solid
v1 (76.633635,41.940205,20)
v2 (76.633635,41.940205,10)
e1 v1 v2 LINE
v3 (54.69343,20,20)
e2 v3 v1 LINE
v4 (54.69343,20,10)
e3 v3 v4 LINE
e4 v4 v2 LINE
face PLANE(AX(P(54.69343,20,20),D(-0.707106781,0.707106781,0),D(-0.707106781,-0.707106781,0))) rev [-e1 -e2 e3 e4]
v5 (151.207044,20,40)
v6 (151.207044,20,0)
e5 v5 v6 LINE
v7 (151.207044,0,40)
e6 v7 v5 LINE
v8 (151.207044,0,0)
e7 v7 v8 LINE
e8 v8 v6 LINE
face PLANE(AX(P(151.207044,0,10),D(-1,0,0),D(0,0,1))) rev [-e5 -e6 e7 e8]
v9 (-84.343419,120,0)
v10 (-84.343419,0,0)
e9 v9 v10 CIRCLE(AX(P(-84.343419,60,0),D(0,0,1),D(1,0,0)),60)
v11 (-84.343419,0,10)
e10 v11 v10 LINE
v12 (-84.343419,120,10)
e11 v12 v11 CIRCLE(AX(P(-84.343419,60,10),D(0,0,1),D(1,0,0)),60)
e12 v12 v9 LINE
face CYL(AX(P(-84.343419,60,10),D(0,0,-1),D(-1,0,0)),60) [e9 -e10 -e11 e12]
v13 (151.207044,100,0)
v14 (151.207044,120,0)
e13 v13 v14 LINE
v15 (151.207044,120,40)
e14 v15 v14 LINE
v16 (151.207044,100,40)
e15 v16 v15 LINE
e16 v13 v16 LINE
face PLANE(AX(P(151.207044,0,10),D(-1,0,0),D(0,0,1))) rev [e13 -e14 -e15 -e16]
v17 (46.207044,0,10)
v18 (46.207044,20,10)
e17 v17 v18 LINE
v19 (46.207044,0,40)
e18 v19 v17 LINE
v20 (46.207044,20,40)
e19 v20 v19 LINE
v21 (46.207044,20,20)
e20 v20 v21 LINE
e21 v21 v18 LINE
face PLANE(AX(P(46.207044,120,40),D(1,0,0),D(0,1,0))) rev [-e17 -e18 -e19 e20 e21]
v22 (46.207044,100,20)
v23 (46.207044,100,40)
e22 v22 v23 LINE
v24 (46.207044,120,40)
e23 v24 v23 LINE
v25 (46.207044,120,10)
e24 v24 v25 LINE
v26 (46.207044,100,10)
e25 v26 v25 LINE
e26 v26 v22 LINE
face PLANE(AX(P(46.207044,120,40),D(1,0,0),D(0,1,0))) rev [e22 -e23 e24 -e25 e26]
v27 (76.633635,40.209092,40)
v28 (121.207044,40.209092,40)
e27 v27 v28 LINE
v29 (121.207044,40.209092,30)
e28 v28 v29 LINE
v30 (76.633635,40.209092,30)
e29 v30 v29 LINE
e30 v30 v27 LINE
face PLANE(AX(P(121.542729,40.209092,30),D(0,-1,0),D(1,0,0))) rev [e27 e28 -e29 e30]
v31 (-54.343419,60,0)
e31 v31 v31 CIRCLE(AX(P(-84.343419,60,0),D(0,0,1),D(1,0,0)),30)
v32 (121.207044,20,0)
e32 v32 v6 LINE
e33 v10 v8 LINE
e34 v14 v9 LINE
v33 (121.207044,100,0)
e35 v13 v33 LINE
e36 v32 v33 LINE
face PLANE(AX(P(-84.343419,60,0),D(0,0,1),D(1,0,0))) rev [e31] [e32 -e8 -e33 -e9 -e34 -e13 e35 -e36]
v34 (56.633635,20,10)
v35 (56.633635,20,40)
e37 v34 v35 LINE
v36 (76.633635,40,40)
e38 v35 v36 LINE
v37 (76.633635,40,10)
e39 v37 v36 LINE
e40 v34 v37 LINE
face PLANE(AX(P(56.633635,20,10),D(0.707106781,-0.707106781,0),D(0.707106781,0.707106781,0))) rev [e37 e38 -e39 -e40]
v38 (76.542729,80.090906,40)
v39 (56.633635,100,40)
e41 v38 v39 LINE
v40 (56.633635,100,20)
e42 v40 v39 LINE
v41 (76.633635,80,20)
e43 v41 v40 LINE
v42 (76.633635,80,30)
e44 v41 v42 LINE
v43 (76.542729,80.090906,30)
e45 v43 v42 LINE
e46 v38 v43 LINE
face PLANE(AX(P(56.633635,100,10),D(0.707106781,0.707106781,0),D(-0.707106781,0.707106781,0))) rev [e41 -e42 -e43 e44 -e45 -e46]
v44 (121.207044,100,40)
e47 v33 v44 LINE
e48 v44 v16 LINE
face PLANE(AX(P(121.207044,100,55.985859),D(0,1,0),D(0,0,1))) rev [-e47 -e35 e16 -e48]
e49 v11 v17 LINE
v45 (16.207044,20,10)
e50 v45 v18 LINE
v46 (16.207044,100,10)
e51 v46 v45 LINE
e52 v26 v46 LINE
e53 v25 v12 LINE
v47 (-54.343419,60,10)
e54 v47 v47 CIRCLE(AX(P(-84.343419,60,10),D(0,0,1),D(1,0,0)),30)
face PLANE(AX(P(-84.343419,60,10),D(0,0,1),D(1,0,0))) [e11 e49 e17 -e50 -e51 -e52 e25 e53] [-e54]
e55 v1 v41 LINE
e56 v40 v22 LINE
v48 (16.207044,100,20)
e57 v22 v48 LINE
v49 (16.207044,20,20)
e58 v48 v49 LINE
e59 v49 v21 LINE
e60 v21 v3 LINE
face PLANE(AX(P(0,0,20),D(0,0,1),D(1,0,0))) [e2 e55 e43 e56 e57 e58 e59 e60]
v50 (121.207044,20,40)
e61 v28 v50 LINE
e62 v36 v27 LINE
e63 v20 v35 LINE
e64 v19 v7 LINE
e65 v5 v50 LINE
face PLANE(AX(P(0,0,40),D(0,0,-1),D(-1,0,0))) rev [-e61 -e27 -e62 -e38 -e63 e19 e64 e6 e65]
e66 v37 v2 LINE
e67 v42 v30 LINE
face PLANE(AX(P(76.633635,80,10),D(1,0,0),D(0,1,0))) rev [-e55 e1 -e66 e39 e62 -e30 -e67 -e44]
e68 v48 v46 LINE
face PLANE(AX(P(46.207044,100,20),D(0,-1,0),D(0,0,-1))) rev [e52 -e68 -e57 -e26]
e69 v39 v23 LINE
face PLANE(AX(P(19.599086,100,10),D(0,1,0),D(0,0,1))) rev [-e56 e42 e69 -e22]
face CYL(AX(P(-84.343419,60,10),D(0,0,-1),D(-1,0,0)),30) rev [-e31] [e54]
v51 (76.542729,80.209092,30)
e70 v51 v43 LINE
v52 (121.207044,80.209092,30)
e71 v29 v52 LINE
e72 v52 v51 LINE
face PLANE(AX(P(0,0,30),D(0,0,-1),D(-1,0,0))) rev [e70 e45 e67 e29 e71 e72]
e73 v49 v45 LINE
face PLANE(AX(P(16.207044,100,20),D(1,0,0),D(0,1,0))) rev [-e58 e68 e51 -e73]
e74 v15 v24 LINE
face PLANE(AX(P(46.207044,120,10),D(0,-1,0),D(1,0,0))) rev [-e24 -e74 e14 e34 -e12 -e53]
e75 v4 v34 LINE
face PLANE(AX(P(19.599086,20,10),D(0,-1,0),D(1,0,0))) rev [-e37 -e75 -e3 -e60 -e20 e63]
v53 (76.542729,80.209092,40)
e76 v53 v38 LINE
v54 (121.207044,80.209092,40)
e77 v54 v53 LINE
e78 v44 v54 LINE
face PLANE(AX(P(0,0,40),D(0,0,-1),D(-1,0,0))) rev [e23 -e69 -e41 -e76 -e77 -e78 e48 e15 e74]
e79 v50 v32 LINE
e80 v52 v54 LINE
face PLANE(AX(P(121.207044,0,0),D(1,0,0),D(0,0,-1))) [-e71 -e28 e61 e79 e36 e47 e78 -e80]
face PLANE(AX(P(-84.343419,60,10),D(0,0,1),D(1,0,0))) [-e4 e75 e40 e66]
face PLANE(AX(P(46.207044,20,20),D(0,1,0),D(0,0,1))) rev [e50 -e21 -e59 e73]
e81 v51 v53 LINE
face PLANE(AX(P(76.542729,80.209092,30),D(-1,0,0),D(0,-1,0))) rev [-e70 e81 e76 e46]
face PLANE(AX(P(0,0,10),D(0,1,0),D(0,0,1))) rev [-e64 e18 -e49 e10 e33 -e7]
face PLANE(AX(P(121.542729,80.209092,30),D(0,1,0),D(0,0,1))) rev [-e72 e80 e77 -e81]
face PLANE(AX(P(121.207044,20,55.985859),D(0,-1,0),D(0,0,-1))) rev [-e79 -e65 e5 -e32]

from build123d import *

# Parameters (mm, degrees)
SKETCH2_R           = 30
BOSS_EXTRUDE2_DEPTH = 10
SKETCH4_W           = 39.74410588
SKETCH4_H           = 80
CUT_EXTRUDE1_DEPTH  = 30
SKETCH5_W           = 105
SKETCH5_H           = 120
BOSS_EXTRUDE3_DEPTH = 40
SKETCH6_W           = 78.106224714
SKETCH6_H           = 80
CUT_EXTRUDE2_DEPTH  = 30
SKETCH7_W           = 45
SKETCH7_H           = 40
CUT_EXTRUDE3_DEPTH  = 10
CUT_EXTRUDE4_DEPTH  = 30
BOSS_EXTRUDE4_DEPTH = 10


with BuildPart() as part:
    # Sketch2 → Boss-Extrude2 (new body)
    with BuildSketch(Plane.XY):
        with BuildLine():
            Line((46.207044142, 120), (-84.343419201, 120))
            ThreePointArc((-84.343419201, 120), (-144.343419201, 60), (-84.343419201, 0))
            Line((-84.343419201, 0), (0, 0))
            Line((0, 0), (151.207044142, 0))
            Line((151.207044142, 0), (151.207044142, 120))
            Line((151.207044142, 120), (46.207044142, 120))
        make_face()
        with Locations((-84.343419201, 60)):
            Circle(SKETCH2_R, mode=Mode.SUBTRACT)
    extrude(amount=BOSS_EXTRUDE2_DEPTH)

    # Sketch4 → Cut-Extrude1 (cut)
    with BuildSketch(Plane(origin=(151.207044142, 0, 0), x_dir=(0, 0, -1), z_dir=(1, 0, 0))):
        with Locations((-1.423296347, 60)):
            Rectangle(SKETCH4_W, SKETCH4_H)
    extrude(amount=-CUT_EXTRUDE1_DEPTH, mode=Mode.SUBTRACT)

    # Sketch5 → Boss-Extrude3 (add)
    with BuildSketch(Plane.XY):
        with Locations((98.707044142, 60)):
            Rectangle(SKETCH5_W, SKETCH5_H)
    extrude(amount=BOSS_EXTRUDE3_DEPTH)

    # Sketch6 → Cut-Extrude2 (cut)
    with BuildSketch(Plane(origin=(151.207044142, 0, 0), x_dir=(0, 0, -1), z_dir=(1, 0, 0))):
        with Locations((-16.932746975, 60)):
            Rectangle(SKETCH6_W, SKETCH6_H)
    extrude(amount=-CUT_EXTRUDE2_DEPTH, mode=Mode.SUBTRACT)

    # Sketch7 → Cut-Extrude3 (cut)
    with BuildSketch(Plane.XY.offset(40)):
        with Locations((99.042729198, 60.209092216)):
            Rectangle(SKETCH7_W, SKETCH7_H)
    extrude(amount=-CUT_EXTRUDE3_DEPTH, mode=Mode.SUBTRACT)

    # Sketch8 → Cut-Extrude4 (cut)
    with BuildSketch(Plane.XY.offset(40)):
        Polygon((19.599086243, 100), (56.633635385, 100), (76.633635385, 80), (76.633635385, 40), (56.633635385, 20), (19.599086243, 20), align=None)
    extrude(amount=-CUT_EXTRUDE4_DEPTH, mode=Mode.SUBTRACT)

    # Sketch9 → Boss-Extrude4 (add)
    with BuildSketch(Plane.XY.offset(10)):
        Polygon((46.207044142, 100), (16.207044142, 100), (16.207044142, 20), (46.207044142, 20), (54.69343027, 20), (76.633635385, 41.940205115), (76.633635385, 80), (56.633635385, 100), align=None)
    extrude(amount=BOSS_EXTRUDE4_DEPTH)


solid = part.part
